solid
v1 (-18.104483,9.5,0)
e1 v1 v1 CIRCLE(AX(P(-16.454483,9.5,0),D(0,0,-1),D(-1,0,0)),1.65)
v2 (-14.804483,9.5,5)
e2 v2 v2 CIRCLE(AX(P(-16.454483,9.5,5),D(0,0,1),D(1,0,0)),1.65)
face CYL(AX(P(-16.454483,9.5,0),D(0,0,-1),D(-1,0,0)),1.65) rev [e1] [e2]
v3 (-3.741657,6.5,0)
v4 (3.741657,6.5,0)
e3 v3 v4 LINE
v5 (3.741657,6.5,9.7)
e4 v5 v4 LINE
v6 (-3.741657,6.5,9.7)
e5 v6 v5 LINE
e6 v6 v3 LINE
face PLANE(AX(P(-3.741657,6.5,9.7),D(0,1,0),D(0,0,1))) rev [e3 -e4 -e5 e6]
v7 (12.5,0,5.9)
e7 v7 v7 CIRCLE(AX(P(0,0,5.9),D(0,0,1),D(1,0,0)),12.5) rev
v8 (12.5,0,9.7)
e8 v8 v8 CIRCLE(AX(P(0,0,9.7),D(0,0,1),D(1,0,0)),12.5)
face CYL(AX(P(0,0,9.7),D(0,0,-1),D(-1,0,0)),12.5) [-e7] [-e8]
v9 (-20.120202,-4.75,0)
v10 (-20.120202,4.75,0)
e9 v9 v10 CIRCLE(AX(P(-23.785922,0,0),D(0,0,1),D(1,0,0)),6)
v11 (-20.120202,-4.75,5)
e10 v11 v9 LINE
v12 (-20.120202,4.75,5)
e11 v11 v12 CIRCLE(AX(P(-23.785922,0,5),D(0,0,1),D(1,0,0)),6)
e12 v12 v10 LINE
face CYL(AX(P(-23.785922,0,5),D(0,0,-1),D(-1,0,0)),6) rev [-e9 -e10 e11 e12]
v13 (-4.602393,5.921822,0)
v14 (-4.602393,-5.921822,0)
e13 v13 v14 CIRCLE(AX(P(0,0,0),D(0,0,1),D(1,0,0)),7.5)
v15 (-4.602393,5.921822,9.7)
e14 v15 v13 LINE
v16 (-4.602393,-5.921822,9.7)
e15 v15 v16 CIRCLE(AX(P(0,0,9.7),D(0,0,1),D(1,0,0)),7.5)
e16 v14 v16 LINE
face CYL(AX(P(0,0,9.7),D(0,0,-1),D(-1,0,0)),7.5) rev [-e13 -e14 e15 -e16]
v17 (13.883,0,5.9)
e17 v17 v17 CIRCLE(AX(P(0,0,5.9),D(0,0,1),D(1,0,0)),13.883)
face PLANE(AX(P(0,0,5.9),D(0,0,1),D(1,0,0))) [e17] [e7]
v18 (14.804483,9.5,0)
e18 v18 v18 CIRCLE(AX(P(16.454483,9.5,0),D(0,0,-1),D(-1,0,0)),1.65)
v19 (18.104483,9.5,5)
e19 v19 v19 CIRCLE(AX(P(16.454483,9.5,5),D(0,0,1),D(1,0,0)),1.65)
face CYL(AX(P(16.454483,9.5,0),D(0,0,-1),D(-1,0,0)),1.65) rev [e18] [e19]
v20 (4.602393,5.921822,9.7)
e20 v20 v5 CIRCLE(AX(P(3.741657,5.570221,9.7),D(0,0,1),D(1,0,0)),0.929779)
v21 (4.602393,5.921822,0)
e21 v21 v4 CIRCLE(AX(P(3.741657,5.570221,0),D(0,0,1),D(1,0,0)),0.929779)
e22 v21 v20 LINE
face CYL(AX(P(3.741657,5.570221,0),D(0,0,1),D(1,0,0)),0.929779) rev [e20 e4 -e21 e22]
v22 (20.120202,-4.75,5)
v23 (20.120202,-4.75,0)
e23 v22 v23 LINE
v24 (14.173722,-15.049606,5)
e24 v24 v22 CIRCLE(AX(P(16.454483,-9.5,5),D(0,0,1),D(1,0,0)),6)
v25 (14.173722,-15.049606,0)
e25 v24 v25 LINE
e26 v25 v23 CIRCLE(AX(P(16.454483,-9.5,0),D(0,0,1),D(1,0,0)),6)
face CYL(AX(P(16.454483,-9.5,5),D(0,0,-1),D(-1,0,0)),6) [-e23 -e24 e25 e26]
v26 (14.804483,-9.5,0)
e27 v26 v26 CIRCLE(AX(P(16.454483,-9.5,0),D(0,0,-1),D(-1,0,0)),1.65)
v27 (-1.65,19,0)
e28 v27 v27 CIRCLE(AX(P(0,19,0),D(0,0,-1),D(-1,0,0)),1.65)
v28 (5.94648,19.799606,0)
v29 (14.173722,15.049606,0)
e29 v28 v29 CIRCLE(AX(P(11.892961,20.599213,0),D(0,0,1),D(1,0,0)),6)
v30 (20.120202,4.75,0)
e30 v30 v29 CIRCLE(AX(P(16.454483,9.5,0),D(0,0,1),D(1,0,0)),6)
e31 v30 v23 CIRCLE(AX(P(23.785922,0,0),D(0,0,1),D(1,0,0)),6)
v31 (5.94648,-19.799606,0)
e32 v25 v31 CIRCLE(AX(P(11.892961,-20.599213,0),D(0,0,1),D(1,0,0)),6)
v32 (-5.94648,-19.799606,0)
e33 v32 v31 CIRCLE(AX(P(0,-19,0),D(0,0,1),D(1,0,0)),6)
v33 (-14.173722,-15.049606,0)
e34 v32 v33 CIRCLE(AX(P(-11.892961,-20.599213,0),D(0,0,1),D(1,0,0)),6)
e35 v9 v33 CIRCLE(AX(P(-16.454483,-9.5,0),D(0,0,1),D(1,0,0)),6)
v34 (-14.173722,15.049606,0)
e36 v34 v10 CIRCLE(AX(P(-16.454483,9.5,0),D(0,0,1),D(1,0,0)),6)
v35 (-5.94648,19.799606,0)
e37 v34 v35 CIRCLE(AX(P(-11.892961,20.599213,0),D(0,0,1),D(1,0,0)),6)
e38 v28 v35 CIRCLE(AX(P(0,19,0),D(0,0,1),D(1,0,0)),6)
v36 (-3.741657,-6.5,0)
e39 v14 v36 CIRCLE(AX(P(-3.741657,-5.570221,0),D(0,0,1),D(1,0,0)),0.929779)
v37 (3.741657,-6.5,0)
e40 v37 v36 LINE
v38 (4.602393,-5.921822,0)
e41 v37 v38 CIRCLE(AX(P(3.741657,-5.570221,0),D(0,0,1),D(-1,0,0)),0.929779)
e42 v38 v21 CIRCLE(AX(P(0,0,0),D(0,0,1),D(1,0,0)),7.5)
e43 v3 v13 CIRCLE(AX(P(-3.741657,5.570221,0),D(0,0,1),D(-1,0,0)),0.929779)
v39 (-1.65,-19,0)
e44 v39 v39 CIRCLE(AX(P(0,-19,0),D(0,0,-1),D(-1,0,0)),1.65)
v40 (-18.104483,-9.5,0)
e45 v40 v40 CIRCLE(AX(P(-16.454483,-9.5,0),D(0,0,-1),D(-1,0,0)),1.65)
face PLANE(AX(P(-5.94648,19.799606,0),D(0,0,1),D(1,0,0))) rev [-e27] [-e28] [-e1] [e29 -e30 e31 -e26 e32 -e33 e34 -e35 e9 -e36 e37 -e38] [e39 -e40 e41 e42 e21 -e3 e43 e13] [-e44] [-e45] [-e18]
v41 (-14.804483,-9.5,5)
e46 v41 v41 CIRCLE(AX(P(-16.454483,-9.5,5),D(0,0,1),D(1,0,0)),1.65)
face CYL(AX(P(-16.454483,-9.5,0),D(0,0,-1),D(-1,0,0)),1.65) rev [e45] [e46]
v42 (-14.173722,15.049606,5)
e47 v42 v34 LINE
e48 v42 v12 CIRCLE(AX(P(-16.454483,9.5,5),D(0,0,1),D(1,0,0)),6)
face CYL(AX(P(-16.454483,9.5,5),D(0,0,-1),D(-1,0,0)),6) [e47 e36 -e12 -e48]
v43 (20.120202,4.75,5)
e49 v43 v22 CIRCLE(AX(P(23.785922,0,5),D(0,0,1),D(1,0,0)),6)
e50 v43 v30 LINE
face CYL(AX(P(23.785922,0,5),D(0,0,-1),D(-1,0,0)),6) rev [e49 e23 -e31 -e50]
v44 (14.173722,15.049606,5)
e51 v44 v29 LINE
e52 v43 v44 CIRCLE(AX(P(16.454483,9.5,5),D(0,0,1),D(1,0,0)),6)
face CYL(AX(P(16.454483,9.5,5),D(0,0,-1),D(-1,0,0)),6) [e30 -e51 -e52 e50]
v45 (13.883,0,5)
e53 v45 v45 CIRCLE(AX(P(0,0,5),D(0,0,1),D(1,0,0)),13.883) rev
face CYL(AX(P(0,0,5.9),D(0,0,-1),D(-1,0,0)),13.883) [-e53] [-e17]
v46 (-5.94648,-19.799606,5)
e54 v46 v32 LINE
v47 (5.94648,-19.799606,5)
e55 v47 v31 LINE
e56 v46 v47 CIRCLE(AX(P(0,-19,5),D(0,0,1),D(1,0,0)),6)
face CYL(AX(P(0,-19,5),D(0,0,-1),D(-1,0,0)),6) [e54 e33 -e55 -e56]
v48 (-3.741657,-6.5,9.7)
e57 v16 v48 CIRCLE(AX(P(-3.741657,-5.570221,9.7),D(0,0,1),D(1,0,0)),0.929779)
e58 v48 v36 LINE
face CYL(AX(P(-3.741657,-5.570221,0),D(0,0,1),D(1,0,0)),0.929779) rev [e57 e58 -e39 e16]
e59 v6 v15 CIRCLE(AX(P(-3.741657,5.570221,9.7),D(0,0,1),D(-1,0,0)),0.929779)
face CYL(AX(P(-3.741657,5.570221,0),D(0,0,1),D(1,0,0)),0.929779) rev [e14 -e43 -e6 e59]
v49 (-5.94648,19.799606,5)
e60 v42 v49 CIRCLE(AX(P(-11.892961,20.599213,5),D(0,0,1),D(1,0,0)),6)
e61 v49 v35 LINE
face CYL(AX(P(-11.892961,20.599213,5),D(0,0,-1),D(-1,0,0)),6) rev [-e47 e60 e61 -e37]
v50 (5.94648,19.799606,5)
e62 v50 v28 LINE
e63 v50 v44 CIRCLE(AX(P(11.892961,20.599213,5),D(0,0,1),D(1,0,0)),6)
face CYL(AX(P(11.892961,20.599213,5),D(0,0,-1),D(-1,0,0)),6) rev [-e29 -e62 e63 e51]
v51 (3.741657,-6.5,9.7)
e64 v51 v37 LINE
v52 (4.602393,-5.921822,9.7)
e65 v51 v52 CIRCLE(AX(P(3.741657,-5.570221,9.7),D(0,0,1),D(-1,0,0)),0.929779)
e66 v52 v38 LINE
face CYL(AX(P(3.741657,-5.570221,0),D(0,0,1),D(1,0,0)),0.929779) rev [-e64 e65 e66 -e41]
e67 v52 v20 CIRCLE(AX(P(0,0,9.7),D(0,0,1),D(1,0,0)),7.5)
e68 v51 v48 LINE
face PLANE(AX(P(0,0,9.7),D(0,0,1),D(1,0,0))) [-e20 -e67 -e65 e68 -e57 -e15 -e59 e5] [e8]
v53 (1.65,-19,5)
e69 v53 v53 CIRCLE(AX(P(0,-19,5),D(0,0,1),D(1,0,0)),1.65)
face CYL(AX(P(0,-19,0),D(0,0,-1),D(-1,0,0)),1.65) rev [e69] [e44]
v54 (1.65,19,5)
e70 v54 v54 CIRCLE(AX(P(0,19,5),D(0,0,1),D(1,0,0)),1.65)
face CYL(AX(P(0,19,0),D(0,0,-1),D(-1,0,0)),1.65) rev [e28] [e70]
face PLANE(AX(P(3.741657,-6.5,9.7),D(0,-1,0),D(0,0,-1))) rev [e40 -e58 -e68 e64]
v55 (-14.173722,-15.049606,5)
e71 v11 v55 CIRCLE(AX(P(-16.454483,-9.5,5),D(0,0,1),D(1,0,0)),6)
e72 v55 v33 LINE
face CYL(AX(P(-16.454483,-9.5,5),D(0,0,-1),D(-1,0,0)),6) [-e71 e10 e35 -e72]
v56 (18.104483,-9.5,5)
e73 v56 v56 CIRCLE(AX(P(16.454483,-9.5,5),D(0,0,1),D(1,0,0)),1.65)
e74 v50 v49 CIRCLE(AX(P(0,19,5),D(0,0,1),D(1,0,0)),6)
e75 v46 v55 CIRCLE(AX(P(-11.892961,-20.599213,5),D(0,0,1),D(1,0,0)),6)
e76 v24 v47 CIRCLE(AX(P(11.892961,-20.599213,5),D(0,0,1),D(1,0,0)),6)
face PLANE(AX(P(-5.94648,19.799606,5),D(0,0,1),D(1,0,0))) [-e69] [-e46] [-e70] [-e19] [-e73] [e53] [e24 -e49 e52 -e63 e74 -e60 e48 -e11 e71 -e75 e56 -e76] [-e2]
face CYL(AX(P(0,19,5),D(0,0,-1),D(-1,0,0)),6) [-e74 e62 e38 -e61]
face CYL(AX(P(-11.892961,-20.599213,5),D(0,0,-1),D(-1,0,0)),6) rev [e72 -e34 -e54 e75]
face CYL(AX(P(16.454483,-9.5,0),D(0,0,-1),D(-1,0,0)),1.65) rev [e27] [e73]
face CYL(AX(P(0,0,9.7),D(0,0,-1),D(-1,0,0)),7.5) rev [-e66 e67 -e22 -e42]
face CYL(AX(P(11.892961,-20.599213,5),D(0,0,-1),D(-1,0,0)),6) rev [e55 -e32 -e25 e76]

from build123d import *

# Parameters (mm, degrees)
EXTRUDE_1_DEPTH     = 5
SKETCH_1_3_R        = 13.883
EXTRUDE_2_DEPTH     = 5.9
SKETCH_1_4_R        = 12.5
EXTRUDE_3_DEPTH     = 9.7
CUT_EXTRUDE_1_DEPTH = 35.975617108
M4X0_7_1_D          = 3.3
SKETCH_5_R          = 0.92977942
CUT_EXTRUDE_2_DEPTH = 35.975617108


with BuildPart() as part:
    # ｽｹｯﾁ1 → ﾎﾞｽ - 押し出し1 (new body)
    with BuildSketch(Plane.XY):
        with BuildLine():
            ThreePointArc((5.946480455, 19.799606275), (0, 25), (-5.946480455, 19.799606275))
            ThreePointArc((-5.946480455, 19.799606275), (-8.892960911, 15.403060127), (-14.173721791, 15.049606275))
            ThreePointArc((-14.173721791, 15.049606275), (-21.650635095, 12.5), (-20.120202247, 4.75))
            ThreePointArc((-20.120202247, 4.75), (-17.785921821, 0), (-20.120202247, -4.75))
            ThreePointArc((-20.120202247, -4.75), (-21.650635095, -12.5), (-14.173721791, -15.049606275))
            ThreePointArc((-14.173721791, -15.049606275), (-8.892960911, -15.403060127), (-5.946480455, -19.799606275))
            ThreePointArc((-5.946480455, -19.799606275), (0, -25), (5.946480455, -19.799606275))
            ThreePointArc((5.946480455, -19.799606275), (8.892960911, -15.403060127), (14.173721791, -15.049606275))
            ThreePointArc((14.173721791, -15.049606275), (21.650635095, -12.5), (20.120202247, -4.75))
            ThreePointArc((20.120202247, -4.75), (17.785921821, 0), (20.120202247, 4.75))
            ThreePointArc((20.120202247, 4.75), (21.650635095, 12.5), (14.173721791, 15.049606275))
            ThreePointArc((14.173721791, 15.049606275), (8.892960911, 15.403060127), (5.946480455, 19.799606275))
        make_face()
    extrude(amount=EXTRUDE_1_DEPTH)

    # ｽｹｯﾁ1<3> → ﾎﾞｽ - 押し出し2 (add)
    with BuildSketch(Plane.XY):
        Circle(SKETCH_1_3_R)
    extrude(amount=EXTRUDE_2_DEPTH)

    # ｽｹｯﾁ1<4> → ﾎﾞｽ - 押し出し3 (add)
    with BuildSketch(Plane.XY):
        Circle(SKETCH_1_4_R)
    extrude(amount=EXTRUDE_3_DEPTH)

    # ｽｹｯﾁ1<5> → ｶｯﾄ - 押し出し1 (cut, through all)
    with BuildSketch(Plane.XY):
        with BuildLine():
            Line((-3.741657387, 6.5), (3.741657387, 6.5))
            ThreePointArc((3.741657387, 6.5), (7.5, 0), (3.741657387, -6.5))
            Line((3.741657387, -6.5), (-3.741657387, -6.5))
            ThreePointArc((-3.741657387, -6.5), (-7.5, 0), (-3.741657387, 6.5))
        make_face()
    extrude(amount=CUT_EXTRUDE_1_DEPTH, mode=Mode.SUBTRACT)

    # M4x0.7 ねじ穴1 (through all)
    with Locations(Plane(origin=(0, 19, 0), x_dir=(-1, 0, 0), z_dir=(0, 0, -1))):
        with Locations((0, 0), (-16.454482672, -9.5), (-16.454482672, -28.5), (0, -38), (16.454482672, -28.5), (16.454482672, -9.5)):
            Hole(M4X0_7_1_D / 2)

    # ｽｹｯﾁ5 → ｶｯﾄ - 押し出し2 (cut, through all)
    with BuildSketch(Plane.XY.offset(9.7)):
        with Locations((3.741657387, 5.57022058)):
            Circle(SKETCH_5_R)
        with Locations((3.741657387, -5.57022058)):
            Circle(SKETCH_5_R)
        with Locations((-3.741657387, -5.57022058)):
            Circle(SKETCH_5_R)
        with Locations((-3.741657387, 5.57022058)):
            Circle(SKETCH_5_R)
    extrude(amount=-CUT_EXTRUDE_2_DEPTH, mode=Mode.SUBTRACT)


solid = part.part
